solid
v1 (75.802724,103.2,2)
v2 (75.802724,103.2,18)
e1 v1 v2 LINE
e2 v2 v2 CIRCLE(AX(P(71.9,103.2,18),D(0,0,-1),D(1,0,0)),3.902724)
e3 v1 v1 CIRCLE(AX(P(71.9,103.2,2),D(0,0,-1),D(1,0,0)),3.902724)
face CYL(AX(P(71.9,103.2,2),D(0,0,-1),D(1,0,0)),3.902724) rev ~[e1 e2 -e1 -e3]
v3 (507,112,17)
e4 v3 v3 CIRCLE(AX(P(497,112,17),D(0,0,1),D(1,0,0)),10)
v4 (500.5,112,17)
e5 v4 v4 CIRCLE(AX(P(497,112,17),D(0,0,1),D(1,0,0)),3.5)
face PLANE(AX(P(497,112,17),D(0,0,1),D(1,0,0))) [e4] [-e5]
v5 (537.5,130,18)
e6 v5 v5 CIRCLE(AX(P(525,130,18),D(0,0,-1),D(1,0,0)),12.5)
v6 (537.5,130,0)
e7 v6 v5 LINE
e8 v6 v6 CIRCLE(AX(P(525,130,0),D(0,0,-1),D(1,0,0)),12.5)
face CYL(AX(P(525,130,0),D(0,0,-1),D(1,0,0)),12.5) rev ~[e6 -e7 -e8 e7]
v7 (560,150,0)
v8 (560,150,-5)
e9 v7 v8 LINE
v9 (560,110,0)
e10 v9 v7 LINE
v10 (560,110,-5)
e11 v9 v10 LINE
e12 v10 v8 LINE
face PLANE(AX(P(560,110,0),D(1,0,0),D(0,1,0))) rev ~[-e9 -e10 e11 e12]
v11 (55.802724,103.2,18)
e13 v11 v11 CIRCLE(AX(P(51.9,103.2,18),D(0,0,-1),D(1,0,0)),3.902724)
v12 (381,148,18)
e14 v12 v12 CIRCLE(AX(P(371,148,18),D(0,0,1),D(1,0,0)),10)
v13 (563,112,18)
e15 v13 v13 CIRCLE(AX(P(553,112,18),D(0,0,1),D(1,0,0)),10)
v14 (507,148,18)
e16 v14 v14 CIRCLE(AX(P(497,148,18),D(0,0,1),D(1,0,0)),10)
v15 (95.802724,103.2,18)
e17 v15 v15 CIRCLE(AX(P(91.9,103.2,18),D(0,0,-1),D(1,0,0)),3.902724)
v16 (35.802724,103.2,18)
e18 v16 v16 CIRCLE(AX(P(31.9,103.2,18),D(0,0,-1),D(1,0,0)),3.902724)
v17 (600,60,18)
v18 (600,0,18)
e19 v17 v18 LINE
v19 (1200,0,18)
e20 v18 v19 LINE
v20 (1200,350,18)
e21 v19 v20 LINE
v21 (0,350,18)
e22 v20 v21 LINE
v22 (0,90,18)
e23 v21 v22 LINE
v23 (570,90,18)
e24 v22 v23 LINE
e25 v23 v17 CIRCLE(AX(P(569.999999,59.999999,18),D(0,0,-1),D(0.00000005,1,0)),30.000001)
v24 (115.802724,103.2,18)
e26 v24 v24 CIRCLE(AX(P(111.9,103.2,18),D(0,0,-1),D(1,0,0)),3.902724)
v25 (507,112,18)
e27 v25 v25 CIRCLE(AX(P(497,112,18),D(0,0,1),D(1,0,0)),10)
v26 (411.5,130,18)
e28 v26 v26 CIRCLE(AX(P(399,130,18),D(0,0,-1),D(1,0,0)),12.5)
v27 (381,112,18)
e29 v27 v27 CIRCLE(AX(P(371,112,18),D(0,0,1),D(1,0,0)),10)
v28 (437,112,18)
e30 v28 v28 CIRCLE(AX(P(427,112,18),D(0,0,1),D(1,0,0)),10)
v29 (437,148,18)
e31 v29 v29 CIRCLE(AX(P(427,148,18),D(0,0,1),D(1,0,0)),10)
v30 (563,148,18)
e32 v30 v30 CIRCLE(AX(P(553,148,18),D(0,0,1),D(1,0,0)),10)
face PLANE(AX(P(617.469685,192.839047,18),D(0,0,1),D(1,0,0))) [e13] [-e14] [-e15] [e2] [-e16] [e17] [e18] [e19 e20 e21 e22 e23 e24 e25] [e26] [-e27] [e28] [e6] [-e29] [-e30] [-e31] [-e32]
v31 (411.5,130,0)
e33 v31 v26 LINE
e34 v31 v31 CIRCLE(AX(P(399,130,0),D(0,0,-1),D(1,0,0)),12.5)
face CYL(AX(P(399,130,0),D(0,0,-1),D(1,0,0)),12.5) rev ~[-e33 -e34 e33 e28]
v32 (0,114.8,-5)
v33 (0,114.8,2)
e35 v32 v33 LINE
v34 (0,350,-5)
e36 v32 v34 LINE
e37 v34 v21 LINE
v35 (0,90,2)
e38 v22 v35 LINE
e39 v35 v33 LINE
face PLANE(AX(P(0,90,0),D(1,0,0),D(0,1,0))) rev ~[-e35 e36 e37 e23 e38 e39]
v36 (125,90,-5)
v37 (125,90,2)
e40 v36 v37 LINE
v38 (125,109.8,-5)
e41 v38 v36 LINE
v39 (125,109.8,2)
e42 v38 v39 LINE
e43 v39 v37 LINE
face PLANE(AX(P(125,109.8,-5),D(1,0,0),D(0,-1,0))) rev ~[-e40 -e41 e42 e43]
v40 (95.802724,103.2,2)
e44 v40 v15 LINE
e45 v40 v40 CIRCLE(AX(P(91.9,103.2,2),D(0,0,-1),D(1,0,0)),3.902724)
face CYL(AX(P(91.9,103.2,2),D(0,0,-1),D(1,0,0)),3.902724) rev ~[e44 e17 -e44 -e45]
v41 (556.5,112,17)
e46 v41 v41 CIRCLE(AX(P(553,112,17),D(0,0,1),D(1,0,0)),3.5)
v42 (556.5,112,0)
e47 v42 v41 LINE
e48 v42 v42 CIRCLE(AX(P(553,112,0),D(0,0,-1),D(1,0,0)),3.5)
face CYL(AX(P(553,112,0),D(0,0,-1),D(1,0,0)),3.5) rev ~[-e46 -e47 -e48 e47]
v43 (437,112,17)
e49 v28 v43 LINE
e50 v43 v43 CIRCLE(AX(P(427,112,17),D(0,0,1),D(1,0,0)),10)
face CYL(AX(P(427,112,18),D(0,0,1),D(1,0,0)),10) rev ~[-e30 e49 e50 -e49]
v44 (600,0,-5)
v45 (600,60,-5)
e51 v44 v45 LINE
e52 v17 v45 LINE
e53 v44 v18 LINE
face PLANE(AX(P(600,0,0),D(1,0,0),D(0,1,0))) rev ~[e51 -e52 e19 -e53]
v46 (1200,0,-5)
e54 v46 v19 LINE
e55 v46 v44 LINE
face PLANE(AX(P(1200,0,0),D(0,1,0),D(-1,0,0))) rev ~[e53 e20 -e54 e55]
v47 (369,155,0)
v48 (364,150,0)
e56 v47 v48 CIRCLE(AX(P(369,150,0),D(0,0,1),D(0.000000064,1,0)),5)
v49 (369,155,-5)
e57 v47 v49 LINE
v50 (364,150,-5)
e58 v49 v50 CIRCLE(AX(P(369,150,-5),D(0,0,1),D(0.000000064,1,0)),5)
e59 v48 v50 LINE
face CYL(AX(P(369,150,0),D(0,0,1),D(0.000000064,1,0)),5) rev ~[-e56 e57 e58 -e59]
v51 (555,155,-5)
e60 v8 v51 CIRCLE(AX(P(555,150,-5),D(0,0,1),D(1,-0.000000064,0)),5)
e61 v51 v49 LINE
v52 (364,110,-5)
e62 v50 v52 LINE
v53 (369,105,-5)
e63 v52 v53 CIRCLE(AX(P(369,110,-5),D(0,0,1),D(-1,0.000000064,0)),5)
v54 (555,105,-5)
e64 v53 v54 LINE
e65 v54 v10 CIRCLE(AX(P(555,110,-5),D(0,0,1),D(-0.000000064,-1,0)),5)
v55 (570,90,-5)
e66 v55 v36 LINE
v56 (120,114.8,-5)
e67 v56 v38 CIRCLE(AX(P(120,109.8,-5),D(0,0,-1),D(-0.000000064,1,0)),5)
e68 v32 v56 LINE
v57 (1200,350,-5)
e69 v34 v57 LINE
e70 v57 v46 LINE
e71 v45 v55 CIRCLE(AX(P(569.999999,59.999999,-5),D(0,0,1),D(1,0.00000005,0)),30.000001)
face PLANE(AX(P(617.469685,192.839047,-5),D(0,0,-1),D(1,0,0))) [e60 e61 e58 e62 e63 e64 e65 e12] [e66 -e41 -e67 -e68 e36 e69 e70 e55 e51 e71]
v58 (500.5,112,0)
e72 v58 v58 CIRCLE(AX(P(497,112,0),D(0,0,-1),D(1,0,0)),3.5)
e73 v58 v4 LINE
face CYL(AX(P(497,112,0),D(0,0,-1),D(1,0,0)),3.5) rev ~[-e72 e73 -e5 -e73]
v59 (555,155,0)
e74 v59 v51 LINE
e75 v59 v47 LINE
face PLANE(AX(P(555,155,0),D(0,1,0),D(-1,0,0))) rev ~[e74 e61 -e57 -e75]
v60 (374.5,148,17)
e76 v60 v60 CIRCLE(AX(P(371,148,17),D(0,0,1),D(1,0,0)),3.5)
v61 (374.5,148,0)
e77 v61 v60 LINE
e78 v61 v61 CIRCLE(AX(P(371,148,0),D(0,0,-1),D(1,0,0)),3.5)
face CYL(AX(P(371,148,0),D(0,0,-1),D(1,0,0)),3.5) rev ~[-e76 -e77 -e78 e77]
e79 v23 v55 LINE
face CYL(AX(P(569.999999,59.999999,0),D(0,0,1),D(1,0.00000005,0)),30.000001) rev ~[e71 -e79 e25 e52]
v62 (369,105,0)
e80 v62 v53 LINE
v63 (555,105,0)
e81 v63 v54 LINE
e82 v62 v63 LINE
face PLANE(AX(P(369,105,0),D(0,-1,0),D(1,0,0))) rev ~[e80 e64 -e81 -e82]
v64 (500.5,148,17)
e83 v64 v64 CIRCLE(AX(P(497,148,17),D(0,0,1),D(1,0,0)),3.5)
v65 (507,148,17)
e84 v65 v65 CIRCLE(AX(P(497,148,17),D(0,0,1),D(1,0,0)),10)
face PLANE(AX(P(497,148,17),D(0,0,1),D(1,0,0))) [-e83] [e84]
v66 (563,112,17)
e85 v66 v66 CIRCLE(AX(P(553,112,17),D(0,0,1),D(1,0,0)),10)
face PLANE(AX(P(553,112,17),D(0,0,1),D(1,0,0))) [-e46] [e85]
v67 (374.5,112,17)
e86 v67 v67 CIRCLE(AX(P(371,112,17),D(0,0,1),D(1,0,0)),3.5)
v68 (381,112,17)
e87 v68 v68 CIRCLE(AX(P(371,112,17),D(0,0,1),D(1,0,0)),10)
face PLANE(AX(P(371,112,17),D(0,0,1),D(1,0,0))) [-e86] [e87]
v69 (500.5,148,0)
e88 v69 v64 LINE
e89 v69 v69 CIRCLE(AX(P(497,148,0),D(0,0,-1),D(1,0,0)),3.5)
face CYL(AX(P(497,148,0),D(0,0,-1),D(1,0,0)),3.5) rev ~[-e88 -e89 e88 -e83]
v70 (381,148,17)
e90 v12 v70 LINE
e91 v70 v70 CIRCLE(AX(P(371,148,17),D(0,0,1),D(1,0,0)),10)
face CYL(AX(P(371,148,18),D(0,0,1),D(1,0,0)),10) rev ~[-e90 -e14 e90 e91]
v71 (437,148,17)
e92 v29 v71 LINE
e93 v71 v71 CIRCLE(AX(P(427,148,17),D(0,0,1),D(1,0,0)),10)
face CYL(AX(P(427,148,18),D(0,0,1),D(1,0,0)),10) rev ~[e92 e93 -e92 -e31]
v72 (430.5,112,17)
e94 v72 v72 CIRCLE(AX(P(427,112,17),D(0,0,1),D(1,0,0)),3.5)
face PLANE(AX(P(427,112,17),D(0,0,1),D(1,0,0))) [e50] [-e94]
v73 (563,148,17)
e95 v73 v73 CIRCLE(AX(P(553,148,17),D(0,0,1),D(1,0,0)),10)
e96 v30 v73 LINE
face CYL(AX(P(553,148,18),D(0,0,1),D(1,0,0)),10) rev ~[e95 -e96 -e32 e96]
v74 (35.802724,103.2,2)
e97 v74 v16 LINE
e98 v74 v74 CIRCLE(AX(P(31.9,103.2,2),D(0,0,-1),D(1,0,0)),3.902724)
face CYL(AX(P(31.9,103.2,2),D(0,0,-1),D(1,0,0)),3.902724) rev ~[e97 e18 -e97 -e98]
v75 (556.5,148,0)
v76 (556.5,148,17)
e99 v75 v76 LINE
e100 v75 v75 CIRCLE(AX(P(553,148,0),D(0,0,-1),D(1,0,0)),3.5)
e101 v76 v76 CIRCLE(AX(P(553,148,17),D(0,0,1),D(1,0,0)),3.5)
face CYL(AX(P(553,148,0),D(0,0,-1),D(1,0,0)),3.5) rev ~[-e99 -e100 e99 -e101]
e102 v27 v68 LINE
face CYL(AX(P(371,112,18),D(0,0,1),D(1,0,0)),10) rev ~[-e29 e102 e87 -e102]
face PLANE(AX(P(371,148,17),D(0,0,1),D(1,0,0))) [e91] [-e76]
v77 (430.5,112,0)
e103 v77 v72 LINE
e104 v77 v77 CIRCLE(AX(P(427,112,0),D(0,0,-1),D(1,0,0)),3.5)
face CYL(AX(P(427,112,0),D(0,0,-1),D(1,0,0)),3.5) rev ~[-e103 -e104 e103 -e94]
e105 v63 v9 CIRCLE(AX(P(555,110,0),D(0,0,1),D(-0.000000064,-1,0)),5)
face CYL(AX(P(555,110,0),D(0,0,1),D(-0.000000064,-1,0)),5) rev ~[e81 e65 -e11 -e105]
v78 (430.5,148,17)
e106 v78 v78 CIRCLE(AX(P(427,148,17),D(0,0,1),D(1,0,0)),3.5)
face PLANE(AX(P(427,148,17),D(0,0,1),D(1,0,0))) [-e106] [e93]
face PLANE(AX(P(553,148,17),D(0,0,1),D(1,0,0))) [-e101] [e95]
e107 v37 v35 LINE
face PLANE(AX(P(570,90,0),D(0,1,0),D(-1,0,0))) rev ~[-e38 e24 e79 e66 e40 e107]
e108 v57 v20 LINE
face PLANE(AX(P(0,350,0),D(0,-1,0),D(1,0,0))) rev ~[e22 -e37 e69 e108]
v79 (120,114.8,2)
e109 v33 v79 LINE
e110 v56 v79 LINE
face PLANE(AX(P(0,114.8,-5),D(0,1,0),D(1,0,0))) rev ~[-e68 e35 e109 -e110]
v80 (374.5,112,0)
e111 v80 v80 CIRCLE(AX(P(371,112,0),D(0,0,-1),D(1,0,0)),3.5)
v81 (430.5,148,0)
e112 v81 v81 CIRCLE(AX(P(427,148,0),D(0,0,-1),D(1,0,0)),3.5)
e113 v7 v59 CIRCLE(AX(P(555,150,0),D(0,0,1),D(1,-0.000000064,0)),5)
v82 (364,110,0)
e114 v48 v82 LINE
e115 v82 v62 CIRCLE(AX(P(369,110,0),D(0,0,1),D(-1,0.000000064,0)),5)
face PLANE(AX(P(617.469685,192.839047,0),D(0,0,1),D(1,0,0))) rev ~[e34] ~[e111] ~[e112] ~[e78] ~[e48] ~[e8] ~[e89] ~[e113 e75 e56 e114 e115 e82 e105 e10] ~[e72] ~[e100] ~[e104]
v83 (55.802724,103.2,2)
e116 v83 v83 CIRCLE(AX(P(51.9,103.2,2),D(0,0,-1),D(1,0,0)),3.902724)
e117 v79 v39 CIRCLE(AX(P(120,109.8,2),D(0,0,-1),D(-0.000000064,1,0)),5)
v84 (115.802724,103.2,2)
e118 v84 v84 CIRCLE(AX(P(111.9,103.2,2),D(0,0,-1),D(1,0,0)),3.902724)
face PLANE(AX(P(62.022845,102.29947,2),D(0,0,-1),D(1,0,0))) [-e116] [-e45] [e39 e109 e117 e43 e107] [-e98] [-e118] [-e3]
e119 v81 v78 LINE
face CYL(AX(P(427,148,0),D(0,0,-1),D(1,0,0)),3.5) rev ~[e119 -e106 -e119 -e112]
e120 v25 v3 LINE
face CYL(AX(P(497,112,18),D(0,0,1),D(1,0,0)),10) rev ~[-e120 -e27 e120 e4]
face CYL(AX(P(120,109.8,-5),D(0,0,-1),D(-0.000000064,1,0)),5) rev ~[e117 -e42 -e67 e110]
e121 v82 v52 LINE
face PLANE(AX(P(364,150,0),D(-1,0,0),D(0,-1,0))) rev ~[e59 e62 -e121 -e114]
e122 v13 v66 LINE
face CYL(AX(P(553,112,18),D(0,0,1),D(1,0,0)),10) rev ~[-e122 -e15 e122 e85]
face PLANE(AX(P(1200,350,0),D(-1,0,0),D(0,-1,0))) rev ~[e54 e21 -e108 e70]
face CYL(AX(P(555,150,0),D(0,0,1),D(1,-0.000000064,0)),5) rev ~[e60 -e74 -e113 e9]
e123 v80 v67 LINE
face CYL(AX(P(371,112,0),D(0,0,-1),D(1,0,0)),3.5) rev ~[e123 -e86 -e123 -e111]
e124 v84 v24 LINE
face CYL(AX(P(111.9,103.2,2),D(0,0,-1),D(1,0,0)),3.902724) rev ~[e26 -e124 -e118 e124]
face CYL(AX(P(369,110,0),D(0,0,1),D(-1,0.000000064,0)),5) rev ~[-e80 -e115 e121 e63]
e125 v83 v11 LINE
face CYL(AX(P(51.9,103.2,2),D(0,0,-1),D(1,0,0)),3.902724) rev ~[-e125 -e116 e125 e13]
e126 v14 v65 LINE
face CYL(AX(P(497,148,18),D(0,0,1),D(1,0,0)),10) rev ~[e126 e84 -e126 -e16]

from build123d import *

# Parameters (mm, degrees)
F1_DEPTH  = 18
F3_DEPTH  = 5
F5_DEPTH  = 7
F6_R      = 12.5
F6_R_2    = 3.5
F7_DEPTH  = 25
F8_R      = 10
F8_R_2    = 3.5
F9_DEPTH  = 1
F10_R     = 3.902724
F11_DEPTH = 25


with BuildPart() as f1:
    # F0 (on Top) → F1 (new body)
    with BuildSketch(Plane.XY):
        with BuildLine():
            Line((600, 60), (600, 0))
            Line((600, 0), (1200, 0))
            Line((1200, 0), (1200, 350))
            Line((1200, 350), (0, 350))
            Line((0, 350), (0, 90))
            Line((0, 90), (570, 90))
            ThreePointArc((570, 90), (591.213203, 81.213203), (600, 60))
        make_face()
    extrude(amount=F1_DEPTH)

    # F2 (on face) → F3 (join)
    with BuildSketch(Plane(origin=(0, 0, 0), x_dir=(1, 0, 0), z_dir=(0, 0, -1))):
        with BuildLine():
            Line((600, 0), (600, -60))
            ThreePointArc((600, -60), (591.213203, -81.213203), (570, -90))
            Line((570, -90), (0, -90))
            Line((0, -90), (0, -350))
            Line((0, -350), (1200, -350))
            Line((1200, -350), (1200, 0))
            Line((1200, 0), (600, 0))
        make_face()
        with BuildLine():
            Line((369, -105), (555, -105))
            ThreePointArc((555, -105), (558.535534, -106.464466), (560, -110))
            Line((560, -110), (560, -150))
            ThreePointArc((560, -150), (558.535534, -153.535534), (555, -155))
            Line((555, -155), (369, -155))
            ThreePointArc((369, -155), (365.464466, -153.535534), (364, -150))
            Line((364, -150), (364, -110))
            ThreePointArc((364, -110), (365.464466, -106.464466), (369, -105))
        make_face(mode=Mode.SUBTRACT)
    extrude(amount=F3_DEPTH)

    # F4 (on face) → F5 (cut)
    with BuildSketch(Plane(origin=(0, 0, -5), x_dir=(1, 0, 0), z_dir=(0, 0, -1))):
        with BuildLine():
            Line((125, -90), (0, -90))
            Line((0, -90), (0, -114.8))
            Line((0, -114.8), (120, -114.8))
            ThreePointArc((120, -114.8), (123.535534, -113.335534), (125, -109.8))
            Line((125, -109.8), (125, -90))
        make_face()
    extrude(amount=-F5_DEPTH, mode=Mode.SUBTRACT)

    # F6 (on face) → F7 (cut)
    with BuildSketch(Plane(origin=(0, 0, 0), x_dir=(1, 0, 0), z_dir=(0, 0, -1))):
        with Locations((525, -130)):
            Circle(F6_R)
        with Locations((399, -130)):
            Circle(F6_R)
        with Locations((371, -112)):
            Circle(F6_R_2)
        with Locations((427, -112)):
            Circle(F6_R_2)
        with Locations((371, -148)):
            Circle(F6_R_2)
        with Locations((427, -148)):
            Circle(F6_R_2)
        with Locations((497, -148)):
            Circle(F6_R_2)
        with Locations((497, -112)):
            Circle(F6_R_2)
        with Locations((553, -112)):
            Circle(F6_R_2)
        with Locations((553, -148)):
            Circle(F6_R_2)
    extrude(amount=-F7_DEPTH, mode=Mode.SUBTRACT)

    # F8 (on face) → F9 (cut)
    with BuildSketch(Plane.XY.offset(18)):
        with Locations((371, 148)):
            Circle(F8_R)
        with Locations((371, 148)):
            Circle(F8_R_2, mode=Mode.SUBTRACT)
        with Locations((427, 148)):
            Circle(F8_R)
        with Locations((427, 148)):
            Circle(F8_R_2, mode=Mode.SUBTRACT)
        with Locations((497, 148)):
            Circle(F8_R)
        with Locations((497, 148)):
            Circle(F8_R_2, mode=Mode.SUBTRACT)
        with Locations((553, 148)):
            Circle(F8_R)
        with Locations((553, 148)):
            Circle(F8_R_2, mode=Mode.SUBTRACT)
        with Locations((553, 112)):
            Circle(F8_R)
        with Locations((553, 112)):
            Circle(F8_R_2, mode=Mode.SUBTRACT)
        with Locations((497, 112)):
            Circle(F8_R)
        with Locations((497, 112)):
            Circle(F8_R_2, mode=Mode.SUBTRACT)
        with Locations((427, 112)):
            Circle(F8_R)
        with Locations((427, 112)):
            Circle(F8_R_2, mode=Mode.SUBTRACT)
        with Locations((371, 112)):
            Circle(F8_R)
        with Locations((371, 112)):
            Circle(F8_R_2, mode=Mode.SUBTRACT)
    extrude(amount=-F9_DEPTH, mode=Mode.SUBTRACT)

    # F10 (on face) → F11 (cut)
    with BuildSketch(Plane(origin=(0, 0, 2), x_dir=(1, 0, 0), z_dir=(0, 0, -1))):
        with Locations((111.9, -103.2)):
            Circle(F10_R)
        with Locations((91.9, -103.2)):
            Circle(F10_R)
        with Locations((71.9, -103.2)):
            Circle(F10_R)
        with Locations((51.9, -103.2)):
            Circle(F10_R)
        with Locations((31.9, -103.2)):
            Circle(F10_R)
    extrude(amount=-F11_DEPTH, mode=Mode.SUBTRACT)


solid = f1.part
